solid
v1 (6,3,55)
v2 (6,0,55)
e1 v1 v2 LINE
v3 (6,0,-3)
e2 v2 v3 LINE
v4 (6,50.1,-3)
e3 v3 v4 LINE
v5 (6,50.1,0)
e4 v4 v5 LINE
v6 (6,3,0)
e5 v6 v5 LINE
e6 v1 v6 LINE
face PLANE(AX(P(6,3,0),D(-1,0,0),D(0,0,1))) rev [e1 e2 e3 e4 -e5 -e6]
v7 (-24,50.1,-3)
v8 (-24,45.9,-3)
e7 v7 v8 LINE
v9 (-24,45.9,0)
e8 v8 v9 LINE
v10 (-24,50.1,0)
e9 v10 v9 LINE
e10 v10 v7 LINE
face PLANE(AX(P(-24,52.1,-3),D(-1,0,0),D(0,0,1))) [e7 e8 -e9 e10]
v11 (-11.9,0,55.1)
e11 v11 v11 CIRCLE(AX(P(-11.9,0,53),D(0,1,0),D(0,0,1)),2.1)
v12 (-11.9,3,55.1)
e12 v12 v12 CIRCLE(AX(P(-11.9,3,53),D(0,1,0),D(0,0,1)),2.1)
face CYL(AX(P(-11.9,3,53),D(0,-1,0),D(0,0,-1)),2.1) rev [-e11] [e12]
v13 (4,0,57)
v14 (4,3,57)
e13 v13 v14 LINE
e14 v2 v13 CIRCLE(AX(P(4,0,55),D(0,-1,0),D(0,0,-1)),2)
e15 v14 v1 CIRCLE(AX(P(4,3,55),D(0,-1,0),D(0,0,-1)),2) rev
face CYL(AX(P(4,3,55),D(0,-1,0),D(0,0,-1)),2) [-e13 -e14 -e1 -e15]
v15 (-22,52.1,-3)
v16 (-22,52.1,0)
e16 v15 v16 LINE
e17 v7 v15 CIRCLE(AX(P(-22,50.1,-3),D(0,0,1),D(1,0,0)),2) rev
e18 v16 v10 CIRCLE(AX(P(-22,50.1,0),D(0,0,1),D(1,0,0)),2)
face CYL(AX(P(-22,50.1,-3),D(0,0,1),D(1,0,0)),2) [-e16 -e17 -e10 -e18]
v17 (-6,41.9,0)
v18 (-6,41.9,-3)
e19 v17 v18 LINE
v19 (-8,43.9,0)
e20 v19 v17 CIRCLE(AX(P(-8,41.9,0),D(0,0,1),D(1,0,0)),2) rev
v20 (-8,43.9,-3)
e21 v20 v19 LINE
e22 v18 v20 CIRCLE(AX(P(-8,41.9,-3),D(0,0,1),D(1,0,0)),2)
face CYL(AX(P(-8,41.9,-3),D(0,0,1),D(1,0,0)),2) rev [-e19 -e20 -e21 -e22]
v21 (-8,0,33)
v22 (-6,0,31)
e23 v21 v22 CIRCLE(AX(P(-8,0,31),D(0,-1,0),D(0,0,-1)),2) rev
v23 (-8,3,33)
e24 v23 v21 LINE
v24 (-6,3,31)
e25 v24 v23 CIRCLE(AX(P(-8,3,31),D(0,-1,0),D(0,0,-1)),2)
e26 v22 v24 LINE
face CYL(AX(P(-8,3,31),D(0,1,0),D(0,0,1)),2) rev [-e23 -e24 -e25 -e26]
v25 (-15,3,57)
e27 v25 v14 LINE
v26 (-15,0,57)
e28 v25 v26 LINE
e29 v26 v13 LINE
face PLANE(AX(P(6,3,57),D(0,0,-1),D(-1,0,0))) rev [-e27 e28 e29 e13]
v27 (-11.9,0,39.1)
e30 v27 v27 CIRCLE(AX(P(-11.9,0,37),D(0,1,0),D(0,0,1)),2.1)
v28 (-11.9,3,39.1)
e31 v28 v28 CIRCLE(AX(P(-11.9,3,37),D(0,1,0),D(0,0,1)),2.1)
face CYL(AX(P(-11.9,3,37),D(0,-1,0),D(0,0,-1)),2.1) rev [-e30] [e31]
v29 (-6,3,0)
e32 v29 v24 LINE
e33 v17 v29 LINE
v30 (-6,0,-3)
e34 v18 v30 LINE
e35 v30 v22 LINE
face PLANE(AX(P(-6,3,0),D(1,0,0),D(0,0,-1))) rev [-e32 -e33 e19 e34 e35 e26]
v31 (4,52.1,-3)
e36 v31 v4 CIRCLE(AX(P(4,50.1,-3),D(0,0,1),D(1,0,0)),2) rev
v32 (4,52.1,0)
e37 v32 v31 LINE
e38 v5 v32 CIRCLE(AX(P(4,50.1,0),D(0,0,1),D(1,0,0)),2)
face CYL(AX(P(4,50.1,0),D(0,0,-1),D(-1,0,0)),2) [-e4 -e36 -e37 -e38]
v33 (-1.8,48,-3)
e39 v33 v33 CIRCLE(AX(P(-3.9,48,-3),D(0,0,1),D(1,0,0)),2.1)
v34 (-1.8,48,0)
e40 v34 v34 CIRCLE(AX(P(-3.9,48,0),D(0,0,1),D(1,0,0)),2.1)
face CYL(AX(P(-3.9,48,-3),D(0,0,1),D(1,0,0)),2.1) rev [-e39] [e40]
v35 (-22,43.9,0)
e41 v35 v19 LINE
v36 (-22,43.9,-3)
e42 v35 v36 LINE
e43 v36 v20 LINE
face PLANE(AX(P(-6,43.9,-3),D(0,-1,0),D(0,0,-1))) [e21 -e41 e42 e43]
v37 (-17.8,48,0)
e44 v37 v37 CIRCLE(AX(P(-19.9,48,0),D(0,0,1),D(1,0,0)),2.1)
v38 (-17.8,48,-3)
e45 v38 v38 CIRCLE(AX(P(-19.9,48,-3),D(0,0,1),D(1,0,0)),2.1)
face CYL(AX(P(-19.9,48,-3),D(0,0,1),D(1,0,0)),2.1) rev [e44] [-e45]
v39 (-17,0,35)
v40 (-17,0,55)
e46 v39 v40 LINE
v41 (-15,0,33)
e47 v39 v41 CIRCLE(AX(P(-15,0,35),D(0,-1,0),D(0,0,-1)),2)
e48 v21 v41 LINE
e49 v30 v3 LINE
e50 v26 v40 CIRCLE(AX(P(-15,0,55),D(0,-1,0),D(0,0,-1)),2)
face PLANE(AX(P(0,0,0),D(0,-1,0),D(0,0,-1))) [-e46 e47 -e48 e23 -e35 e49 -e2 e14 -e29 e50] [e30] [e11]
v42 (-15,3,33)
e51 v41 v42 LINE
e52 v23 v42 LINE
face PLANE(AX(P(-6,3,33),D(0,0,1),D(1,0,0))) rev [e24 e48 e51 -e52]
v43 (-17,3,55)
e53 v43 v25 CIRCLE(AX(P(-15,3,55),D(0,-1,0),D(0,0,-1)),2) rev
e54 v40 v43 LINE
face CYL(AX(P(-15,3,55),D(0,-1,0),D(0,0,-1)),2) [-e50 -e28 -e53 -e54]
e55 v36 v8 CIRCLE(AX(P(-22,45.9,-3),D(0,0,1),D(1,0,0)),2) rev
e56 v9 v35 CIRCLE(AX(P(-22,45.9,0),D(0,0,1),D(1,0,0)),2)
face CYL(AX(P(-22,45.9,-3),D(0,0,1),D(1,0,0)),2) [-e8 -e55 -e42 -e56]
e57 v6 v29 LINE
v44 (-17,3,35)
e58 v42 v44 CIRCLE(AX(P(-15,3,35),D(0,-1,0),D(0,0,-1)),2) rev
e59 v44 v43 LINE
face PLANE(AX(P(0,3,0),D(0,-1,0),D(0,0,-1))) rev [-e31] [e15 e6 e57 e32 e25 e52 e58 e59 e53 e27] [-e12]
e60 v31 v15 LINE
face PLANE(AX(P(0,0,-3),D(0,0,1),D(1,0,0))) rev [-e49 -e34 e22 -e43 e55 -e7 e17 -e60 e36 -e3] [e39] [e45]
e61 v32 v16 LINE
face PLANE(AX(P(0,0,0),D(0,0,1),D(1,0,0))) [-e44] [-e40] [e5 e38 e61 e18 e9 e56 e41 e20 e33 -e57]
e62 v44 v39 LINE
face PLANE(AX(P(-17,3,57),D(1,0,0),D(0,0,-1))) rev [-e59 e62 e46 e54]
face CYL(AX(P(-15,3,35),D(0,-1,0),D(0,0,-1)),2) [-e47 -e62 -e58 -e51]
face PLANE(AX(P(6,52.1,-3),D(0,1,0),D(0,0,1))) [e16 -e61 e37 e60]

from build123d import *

# Parameters (mm, degrees)
SKETCH1_R           = 2.1
BOSS_EXTRUDE1_DEPTH = 3
SKETCH2_R           = 2.1
BOSS_EXTRUDE2_DEPTH = 3
FILLET1_R           = 2


with BuildPart() as part:
    # Sketch1 → Boss-Extrude1 (new body)
    with BuildSketch(Plane(origin=(0, 0, 0), x_dir=(1, 0, 0), z_dir=(0, 1, 0))):
        Polygon((-6, 0), (6, 0), (6, -57), (-17, -57), (-17, -33), (-6, -33), align=None)
        with Locations((-11.9, -37)):
            Circle(SKETCH1_R, mode=Mode.SUBTRACT)
        with Locations((-11.9, -53)):
            Circle(SKETCH1_R, mode=Mode.SUBTRACT)
    extrude(amount=BOSS_EXTRUDE1_DEPTH)

    # Sketch2 → Boss-Extrude2 (add)
    with BuildSketch(Plane.XY):
        Polygon((6, 0), (-6, 0), (-6, 43.9), (-24, 43.9), (-24, 52.1), (6, 52.1), align=None)
        with Locations((-19.9, 48)):
            Circle(SKETCH2_R, mode=Mode.SUBTRACT)
        with Locations((-3.9, 48)):
            Circle(SKETCH2_R, mode=Mode.SUBTRACT)
    extrude(amount=-BOSS_EXTRUDE2_DEPTH)

    # Fillet1
    fillet1_edges = [part.edges().sort_by_distance(p)[0] for p in [
        (6, 1.5, 57),
        (-17, 1.5, 57),
        (-17, 1.5, 33),
        (-6, 1.5, 33),
        (6, 52.1, -1.5),
        (-6, 43.9, -1.5),
        (-24, 43.9, -1.5),
        (-24, 52.1, -1.5),
    ]]
    fillet(fillet1_edges, radius=FILLET1_R)


solid = part.part
